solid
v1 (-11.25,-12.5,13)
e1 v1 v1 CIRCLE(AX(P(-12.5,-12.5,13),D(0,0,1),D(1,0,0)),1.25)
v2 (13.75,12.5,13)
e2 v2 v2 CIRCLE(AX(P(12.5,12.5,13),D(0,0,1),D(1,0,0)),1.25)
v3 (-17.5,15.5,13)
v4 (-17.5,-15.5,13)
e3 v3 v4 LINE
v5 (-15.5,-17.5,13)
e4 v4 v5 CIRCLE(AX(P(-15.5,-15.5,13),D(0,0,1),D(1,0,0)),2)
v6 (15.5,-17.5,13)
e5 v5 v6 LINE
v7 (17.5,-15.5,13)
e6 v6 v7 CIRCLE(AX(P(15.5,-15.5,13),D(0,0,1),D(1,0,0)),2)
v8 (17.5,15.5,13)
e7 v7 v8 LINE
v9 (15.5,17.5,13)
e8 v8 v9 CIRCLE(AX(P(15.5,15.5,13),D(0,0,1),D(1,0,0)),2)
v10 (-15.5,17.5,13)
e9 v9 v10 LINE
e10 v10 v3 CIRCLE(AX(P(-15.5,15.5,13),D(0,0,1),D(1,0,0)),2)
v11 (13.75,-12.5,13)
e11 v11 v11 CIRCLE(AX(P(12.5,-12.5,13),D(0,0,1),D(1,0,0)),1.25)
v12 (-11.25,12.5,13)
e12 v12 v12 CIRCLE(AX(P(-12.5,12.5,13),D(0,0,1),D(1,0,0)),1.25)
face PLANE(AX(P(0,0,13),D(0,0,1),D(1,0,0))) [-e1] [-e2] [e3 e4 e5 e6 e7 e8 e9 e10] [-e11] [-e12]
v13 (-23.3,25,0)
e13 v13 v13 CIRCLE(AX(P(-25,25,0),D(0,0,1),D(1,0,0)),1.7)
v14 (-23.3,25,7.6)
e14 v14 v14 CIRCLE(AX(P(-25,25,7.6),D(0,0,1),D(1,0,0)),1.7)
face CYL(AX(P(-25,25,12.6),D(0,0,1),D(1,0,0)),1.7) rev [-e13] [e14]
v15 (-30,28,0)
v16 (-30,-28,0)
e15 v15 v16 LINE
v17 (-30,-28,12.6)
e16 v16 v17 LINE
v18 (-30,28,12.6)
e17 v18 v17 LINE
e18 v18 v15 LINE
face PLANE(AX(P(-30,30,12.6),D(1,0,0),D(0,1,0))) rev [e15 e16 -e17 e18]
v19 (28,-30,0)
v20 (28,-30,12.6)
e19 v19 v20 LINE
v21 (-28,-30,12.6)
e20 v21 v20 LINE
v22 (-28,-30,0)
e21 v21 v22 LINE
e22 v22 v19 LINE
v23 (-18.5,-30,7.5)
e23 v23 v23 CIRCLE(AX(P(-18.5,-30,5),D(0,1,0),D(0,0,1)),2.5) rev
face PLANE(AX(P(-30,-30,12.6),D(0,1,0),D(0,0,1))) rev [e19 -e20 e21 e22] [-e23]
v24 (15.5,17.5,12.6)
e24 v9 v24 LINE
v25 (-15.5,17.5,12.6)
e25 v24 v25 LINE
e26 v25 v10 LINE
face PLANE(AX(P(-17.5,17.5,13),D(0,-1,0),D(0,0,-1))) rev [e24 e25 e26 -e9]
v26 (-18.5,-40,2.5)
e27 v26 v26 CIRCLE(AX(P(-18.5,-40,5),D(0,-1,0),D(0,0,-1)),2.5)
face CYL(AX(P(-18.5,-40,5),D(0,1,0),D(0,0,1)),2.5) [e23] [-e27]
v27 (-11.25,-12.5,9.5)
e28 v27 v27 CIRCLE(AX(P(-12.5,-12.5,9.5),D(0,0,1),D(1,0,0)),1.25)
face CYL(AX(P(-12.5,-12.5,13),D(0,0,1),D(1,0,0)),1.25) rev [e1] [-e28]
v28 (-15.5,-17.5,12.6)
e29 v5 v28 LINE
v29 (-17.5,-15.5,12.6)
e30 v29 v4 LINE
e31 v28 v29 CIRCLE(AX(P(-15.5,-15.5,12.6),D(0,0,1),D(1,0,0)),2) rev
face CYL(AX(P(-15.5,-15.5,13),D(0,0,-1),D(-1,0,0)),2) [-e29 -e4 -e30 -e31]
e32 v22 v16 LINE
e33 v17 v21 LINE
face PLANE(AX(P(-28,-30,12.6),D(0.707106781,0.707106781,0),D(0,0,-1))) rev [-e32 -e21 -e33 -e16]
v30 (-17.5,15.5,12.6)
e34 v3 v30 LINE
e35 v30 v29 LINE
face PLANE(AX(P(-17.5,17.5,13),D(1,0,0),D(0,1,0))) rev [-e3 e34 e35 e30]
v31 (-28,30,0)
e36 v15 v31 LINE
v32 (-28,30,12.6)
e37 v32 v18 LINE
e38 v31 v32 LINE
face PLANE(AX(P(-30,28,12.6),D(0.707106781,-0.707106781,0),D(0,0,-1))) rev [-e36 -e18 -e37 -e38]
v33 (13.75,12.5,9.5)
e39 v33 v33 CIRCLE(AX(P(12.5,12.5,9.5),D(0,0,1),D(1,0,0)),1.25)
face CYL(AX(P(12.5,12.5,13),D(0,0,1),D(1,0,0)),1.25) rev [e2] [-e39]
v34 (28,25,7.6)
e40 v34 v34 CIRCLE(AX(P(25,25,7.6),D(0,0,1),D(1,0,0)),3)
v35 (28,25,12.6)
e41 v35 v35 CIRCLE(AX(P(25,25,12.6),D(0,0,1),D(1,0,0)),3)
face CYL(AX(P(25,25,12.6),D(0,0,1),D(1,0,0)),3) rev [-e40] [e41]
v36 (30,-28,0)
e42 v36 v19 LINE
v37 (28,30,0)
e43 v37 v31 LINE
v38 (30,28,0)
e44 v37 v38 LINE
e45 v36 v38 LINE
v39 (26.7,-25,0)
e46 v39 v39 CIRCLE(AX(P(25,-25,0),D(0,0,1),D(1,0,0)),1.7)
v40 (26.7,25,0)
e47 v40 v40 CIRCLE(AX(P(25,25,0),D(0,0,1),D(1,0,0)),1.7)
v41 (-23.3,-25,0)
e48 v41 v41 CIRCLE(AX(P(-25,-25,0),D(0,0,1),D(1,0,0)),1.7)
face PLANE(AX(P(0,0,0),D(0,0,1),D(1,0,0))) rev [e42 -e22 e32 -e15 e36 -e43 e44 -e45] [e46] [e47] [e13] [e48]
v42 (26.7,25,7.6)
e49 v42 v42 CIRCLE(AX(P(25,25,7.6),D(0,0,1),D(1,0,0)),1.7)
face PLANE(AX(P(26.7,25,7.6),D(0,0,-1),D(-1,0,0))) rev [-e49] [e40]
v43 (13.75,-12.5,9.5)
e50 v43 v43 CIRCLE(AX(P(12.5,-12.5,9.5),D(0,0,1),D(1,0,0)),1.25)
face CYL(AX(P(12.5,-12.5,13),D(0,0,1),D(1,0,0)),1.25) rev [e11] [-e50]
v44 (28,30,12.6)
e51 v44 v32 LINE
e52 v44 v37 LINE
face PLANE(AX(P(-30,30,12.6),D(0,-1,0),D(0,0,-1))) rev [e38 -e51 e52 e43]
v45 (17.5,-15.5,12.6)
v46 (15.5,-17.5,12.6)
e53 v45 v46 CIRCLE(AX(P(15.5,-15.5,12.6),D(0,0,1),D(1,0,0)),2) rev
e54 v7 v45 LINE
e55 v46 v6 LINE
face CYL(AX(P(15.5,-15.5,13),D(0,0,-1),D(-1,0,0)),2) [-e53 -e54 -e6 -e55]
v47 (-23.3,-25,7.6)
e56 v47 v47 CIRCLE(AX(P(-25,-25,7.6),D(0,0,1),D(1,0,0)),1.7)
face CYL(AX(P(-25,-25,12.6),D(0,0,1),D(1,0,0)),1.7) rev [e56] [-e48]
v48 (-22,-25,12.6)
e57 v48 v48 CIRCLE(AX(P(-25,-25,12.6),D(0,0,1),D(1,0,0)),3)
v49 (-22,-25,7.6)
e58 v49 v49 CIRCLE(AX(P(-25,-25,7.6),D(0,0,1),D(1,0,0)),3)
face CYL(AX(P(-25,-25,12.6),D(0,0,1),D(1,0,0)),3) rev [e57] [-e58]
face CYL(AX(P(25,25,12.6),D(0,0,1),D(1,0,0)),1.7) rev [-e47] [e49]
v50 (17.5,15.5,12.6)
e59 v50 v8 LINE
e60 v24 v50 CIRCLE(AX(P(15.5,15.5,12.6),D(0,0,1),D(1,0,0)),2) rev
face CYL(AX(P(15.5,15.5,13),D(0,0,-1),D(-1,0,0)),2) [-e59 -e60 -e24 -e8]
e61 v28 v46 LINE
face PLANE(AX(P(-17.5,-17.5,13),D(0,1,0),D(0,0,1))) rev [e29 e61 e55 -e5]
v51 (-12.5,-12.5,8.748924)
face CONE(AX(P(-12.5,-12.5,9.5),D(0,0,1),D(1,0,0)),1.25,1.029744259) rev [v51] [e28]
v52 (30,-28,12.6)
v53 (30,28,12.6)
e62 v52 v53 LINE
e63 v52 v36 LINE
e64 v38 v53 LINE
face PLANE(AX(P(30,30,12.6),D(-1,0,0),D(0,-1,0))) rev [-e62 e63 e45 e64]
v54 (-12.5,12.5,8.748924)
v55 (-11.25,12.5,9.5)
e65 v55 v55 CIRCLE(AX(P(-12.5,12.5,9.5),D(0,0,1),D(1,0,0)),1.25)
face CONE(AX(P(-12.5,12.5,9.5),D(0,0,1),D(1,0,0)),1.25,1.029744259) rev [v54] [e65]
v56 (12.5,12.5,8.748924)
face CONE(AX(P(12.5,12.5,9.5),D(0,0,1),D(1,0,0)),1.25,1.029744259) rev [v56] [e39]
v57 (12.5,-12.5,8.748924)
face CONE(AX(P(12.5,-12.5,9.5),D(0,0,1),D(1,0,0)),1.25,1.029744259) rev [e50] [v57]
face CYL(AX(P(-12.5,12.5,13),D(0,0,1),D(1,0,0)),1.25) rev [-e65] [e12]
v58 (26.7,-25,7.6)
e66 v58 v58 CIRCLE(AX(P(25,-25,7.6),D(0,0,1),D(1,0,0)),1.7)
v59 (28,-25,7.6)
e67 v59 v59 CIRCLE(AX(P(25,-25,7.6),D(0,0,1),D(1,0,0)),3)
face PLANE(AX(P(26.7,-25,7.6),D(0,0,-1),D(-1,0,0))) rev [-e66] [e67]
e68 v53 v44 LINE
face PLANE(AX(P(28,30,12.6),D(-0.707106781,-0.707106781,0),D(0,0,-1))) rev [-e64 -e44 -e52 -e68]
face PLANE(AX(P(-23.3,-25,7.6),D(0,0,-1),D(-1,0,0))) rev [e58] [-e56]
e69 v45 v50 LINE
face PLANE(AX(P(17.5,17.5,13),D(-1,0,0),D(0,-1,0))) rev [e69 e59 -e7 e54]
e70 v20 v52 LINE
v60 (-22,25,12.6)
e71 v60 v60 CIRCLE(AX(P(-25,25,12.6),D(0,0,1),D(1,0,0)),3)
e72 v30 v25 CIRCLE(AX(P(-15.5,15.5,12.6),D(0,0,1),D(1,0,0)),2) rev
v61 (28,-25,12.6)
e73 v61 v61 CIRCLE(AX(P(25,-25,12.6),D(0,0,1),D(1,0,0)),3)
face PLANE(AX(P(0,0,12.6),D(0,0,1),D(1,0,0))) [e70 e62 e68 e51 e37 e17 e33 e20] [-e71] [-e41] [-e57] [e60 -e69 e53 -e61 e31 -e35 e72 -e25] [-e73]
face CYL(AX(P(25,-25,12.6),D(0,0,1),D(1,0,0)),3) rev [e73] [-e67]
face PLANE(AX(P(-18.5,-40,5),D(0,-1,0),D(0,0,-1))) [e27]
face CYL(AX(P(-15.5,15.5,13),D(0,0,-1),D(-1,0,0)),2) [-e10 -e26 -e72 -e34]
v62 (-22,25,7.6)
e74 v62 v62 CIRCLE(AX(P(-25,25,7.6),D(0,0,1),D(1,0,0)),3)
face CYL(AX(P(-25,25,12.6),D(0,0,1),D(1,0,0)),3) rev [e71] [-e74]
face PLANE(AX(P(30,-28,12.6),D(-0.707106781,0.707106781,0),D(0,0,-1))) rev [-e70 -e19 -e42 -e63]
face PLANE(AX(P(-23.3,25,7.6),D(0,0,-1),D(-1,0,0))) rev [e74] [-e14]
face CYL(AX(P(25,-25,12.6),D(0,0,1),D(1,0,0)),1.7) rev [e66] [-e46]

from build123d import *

# Parameters (mm, degrees)
SKETCH_1_W                = 60
SKETCH_1_H                = 60
EXTRUDE_1_DEPTH           = 12.6
CHAMFER_1_SIZE            = 2
SKETCH_2_W                = 35
SKETCH_2_H                = 35
EXTRUDE_2_DEPTH           = 0.4
FILLET_1_R                = 2
HOLE_WIZARD_1_D           = 3.4
HOLE_WIZARD_1_CBORE_D     = 6
HOLE_WIZARD_1_CBORE_DEPTH = 5
HOLE_WIZARD_M3_1_D        = 2.5
HOLE_WIZARD_M3_1_DEPTH    = 3.5
HOLE_WIZARD_M3_1_TIP      = 0.751075774
SKETCH_7_R                = 2.5
EXTRUDE_3_DEPTH           = 10


with BuildPart() as part:
    # 草图1 → 凸台-拉伸1 (new body)
    with BuildSketch(Plane.XY):
        Rectangle(SKETCH_1_W, SKETCH_1_H)
    extrude(amount=EXTRUDE_1_DEPTH)

    # 倒角1
    chamfer_1_edges = [part.edges().sort_by_distance(p)[0] for p in [
        (30, -30, 6.3),
        (-30, -30, 6.3),
        (-30, 30, 6.3),
        (30, 30, 6.3),
    ]]
    chamfer(chamfer_1_edges, length=CHAMFER_1_SIZE)

    # 草图2 → 凸台-拉伸2 (add)
    with BuildSketch(Plane.XY.offset(12.6)):
        Rectangle(SKETCH_2_W, SKETCH_2_H)
    extrude(amount=EXTRUDE_2_DEPTH)

    # 圆角1
    fillet_1_edges = [part.edges().sort_by_distance(p)[0] for p in [
        (17.5, -17.5, 12.8),
        (17.5, 17.5, 12.8),
        (-17.5, 17.5, 12.8),
        (-17.5, -17.5, 12.8),
    ]]
    fillet(fillet_1_edges, radius=FILLET_1_R)

    # 孔1 (through all)
    with Locations(Plane(origin=(-25, 25, 12.6), x_dir=(1, 0, 0), z_dir=(0, 0, 1))):
        with Locations((0, 0), (50, 0), (0, -50), (50, -50)):
            CounterBoreHole(HOLE_WIZARD_1_D / 2, HOLE_WIZARD_1_CBORE_D / 2, HOLE_WIZARD_1_CBORE_DEPTH)

    # M3 螺纹孔1
    with Locations(Plane(origin=(-12.5, 12.5, 13), x_dir=(1, 0, 0), z_dir=(0, 0, 1))):
        with Locations((0, 0), (25, 0), (25, -25), (0, -25)):
            Hole(HOLE_WIZARD_M3_1_D / 2, depth=HOLE_WIZARD_M3_1_DEPTH)
            with Locations((0, 0, -(HOLE_WIZARD_M3_1_DEPTH + HOLE_WIZARD_M3_1_TIP / 2))):  # 118° drill point
                Cone(0, HOLE_WIZARD_M3_1_D / 2, HOLE_WIZARD_M3_1_TIP, mode=Mode.SUBTRACT)

    # 草图7 → 凸台-拉伸3 (add)
    with BuildSketch(Plane.XZ.offset(30)):
        with Locations((-18.5, 5)):
            Circle(SKETCH_7_R)
    extrude(amount=EXTRUDE_3_DEPTH)


solid = part.part
